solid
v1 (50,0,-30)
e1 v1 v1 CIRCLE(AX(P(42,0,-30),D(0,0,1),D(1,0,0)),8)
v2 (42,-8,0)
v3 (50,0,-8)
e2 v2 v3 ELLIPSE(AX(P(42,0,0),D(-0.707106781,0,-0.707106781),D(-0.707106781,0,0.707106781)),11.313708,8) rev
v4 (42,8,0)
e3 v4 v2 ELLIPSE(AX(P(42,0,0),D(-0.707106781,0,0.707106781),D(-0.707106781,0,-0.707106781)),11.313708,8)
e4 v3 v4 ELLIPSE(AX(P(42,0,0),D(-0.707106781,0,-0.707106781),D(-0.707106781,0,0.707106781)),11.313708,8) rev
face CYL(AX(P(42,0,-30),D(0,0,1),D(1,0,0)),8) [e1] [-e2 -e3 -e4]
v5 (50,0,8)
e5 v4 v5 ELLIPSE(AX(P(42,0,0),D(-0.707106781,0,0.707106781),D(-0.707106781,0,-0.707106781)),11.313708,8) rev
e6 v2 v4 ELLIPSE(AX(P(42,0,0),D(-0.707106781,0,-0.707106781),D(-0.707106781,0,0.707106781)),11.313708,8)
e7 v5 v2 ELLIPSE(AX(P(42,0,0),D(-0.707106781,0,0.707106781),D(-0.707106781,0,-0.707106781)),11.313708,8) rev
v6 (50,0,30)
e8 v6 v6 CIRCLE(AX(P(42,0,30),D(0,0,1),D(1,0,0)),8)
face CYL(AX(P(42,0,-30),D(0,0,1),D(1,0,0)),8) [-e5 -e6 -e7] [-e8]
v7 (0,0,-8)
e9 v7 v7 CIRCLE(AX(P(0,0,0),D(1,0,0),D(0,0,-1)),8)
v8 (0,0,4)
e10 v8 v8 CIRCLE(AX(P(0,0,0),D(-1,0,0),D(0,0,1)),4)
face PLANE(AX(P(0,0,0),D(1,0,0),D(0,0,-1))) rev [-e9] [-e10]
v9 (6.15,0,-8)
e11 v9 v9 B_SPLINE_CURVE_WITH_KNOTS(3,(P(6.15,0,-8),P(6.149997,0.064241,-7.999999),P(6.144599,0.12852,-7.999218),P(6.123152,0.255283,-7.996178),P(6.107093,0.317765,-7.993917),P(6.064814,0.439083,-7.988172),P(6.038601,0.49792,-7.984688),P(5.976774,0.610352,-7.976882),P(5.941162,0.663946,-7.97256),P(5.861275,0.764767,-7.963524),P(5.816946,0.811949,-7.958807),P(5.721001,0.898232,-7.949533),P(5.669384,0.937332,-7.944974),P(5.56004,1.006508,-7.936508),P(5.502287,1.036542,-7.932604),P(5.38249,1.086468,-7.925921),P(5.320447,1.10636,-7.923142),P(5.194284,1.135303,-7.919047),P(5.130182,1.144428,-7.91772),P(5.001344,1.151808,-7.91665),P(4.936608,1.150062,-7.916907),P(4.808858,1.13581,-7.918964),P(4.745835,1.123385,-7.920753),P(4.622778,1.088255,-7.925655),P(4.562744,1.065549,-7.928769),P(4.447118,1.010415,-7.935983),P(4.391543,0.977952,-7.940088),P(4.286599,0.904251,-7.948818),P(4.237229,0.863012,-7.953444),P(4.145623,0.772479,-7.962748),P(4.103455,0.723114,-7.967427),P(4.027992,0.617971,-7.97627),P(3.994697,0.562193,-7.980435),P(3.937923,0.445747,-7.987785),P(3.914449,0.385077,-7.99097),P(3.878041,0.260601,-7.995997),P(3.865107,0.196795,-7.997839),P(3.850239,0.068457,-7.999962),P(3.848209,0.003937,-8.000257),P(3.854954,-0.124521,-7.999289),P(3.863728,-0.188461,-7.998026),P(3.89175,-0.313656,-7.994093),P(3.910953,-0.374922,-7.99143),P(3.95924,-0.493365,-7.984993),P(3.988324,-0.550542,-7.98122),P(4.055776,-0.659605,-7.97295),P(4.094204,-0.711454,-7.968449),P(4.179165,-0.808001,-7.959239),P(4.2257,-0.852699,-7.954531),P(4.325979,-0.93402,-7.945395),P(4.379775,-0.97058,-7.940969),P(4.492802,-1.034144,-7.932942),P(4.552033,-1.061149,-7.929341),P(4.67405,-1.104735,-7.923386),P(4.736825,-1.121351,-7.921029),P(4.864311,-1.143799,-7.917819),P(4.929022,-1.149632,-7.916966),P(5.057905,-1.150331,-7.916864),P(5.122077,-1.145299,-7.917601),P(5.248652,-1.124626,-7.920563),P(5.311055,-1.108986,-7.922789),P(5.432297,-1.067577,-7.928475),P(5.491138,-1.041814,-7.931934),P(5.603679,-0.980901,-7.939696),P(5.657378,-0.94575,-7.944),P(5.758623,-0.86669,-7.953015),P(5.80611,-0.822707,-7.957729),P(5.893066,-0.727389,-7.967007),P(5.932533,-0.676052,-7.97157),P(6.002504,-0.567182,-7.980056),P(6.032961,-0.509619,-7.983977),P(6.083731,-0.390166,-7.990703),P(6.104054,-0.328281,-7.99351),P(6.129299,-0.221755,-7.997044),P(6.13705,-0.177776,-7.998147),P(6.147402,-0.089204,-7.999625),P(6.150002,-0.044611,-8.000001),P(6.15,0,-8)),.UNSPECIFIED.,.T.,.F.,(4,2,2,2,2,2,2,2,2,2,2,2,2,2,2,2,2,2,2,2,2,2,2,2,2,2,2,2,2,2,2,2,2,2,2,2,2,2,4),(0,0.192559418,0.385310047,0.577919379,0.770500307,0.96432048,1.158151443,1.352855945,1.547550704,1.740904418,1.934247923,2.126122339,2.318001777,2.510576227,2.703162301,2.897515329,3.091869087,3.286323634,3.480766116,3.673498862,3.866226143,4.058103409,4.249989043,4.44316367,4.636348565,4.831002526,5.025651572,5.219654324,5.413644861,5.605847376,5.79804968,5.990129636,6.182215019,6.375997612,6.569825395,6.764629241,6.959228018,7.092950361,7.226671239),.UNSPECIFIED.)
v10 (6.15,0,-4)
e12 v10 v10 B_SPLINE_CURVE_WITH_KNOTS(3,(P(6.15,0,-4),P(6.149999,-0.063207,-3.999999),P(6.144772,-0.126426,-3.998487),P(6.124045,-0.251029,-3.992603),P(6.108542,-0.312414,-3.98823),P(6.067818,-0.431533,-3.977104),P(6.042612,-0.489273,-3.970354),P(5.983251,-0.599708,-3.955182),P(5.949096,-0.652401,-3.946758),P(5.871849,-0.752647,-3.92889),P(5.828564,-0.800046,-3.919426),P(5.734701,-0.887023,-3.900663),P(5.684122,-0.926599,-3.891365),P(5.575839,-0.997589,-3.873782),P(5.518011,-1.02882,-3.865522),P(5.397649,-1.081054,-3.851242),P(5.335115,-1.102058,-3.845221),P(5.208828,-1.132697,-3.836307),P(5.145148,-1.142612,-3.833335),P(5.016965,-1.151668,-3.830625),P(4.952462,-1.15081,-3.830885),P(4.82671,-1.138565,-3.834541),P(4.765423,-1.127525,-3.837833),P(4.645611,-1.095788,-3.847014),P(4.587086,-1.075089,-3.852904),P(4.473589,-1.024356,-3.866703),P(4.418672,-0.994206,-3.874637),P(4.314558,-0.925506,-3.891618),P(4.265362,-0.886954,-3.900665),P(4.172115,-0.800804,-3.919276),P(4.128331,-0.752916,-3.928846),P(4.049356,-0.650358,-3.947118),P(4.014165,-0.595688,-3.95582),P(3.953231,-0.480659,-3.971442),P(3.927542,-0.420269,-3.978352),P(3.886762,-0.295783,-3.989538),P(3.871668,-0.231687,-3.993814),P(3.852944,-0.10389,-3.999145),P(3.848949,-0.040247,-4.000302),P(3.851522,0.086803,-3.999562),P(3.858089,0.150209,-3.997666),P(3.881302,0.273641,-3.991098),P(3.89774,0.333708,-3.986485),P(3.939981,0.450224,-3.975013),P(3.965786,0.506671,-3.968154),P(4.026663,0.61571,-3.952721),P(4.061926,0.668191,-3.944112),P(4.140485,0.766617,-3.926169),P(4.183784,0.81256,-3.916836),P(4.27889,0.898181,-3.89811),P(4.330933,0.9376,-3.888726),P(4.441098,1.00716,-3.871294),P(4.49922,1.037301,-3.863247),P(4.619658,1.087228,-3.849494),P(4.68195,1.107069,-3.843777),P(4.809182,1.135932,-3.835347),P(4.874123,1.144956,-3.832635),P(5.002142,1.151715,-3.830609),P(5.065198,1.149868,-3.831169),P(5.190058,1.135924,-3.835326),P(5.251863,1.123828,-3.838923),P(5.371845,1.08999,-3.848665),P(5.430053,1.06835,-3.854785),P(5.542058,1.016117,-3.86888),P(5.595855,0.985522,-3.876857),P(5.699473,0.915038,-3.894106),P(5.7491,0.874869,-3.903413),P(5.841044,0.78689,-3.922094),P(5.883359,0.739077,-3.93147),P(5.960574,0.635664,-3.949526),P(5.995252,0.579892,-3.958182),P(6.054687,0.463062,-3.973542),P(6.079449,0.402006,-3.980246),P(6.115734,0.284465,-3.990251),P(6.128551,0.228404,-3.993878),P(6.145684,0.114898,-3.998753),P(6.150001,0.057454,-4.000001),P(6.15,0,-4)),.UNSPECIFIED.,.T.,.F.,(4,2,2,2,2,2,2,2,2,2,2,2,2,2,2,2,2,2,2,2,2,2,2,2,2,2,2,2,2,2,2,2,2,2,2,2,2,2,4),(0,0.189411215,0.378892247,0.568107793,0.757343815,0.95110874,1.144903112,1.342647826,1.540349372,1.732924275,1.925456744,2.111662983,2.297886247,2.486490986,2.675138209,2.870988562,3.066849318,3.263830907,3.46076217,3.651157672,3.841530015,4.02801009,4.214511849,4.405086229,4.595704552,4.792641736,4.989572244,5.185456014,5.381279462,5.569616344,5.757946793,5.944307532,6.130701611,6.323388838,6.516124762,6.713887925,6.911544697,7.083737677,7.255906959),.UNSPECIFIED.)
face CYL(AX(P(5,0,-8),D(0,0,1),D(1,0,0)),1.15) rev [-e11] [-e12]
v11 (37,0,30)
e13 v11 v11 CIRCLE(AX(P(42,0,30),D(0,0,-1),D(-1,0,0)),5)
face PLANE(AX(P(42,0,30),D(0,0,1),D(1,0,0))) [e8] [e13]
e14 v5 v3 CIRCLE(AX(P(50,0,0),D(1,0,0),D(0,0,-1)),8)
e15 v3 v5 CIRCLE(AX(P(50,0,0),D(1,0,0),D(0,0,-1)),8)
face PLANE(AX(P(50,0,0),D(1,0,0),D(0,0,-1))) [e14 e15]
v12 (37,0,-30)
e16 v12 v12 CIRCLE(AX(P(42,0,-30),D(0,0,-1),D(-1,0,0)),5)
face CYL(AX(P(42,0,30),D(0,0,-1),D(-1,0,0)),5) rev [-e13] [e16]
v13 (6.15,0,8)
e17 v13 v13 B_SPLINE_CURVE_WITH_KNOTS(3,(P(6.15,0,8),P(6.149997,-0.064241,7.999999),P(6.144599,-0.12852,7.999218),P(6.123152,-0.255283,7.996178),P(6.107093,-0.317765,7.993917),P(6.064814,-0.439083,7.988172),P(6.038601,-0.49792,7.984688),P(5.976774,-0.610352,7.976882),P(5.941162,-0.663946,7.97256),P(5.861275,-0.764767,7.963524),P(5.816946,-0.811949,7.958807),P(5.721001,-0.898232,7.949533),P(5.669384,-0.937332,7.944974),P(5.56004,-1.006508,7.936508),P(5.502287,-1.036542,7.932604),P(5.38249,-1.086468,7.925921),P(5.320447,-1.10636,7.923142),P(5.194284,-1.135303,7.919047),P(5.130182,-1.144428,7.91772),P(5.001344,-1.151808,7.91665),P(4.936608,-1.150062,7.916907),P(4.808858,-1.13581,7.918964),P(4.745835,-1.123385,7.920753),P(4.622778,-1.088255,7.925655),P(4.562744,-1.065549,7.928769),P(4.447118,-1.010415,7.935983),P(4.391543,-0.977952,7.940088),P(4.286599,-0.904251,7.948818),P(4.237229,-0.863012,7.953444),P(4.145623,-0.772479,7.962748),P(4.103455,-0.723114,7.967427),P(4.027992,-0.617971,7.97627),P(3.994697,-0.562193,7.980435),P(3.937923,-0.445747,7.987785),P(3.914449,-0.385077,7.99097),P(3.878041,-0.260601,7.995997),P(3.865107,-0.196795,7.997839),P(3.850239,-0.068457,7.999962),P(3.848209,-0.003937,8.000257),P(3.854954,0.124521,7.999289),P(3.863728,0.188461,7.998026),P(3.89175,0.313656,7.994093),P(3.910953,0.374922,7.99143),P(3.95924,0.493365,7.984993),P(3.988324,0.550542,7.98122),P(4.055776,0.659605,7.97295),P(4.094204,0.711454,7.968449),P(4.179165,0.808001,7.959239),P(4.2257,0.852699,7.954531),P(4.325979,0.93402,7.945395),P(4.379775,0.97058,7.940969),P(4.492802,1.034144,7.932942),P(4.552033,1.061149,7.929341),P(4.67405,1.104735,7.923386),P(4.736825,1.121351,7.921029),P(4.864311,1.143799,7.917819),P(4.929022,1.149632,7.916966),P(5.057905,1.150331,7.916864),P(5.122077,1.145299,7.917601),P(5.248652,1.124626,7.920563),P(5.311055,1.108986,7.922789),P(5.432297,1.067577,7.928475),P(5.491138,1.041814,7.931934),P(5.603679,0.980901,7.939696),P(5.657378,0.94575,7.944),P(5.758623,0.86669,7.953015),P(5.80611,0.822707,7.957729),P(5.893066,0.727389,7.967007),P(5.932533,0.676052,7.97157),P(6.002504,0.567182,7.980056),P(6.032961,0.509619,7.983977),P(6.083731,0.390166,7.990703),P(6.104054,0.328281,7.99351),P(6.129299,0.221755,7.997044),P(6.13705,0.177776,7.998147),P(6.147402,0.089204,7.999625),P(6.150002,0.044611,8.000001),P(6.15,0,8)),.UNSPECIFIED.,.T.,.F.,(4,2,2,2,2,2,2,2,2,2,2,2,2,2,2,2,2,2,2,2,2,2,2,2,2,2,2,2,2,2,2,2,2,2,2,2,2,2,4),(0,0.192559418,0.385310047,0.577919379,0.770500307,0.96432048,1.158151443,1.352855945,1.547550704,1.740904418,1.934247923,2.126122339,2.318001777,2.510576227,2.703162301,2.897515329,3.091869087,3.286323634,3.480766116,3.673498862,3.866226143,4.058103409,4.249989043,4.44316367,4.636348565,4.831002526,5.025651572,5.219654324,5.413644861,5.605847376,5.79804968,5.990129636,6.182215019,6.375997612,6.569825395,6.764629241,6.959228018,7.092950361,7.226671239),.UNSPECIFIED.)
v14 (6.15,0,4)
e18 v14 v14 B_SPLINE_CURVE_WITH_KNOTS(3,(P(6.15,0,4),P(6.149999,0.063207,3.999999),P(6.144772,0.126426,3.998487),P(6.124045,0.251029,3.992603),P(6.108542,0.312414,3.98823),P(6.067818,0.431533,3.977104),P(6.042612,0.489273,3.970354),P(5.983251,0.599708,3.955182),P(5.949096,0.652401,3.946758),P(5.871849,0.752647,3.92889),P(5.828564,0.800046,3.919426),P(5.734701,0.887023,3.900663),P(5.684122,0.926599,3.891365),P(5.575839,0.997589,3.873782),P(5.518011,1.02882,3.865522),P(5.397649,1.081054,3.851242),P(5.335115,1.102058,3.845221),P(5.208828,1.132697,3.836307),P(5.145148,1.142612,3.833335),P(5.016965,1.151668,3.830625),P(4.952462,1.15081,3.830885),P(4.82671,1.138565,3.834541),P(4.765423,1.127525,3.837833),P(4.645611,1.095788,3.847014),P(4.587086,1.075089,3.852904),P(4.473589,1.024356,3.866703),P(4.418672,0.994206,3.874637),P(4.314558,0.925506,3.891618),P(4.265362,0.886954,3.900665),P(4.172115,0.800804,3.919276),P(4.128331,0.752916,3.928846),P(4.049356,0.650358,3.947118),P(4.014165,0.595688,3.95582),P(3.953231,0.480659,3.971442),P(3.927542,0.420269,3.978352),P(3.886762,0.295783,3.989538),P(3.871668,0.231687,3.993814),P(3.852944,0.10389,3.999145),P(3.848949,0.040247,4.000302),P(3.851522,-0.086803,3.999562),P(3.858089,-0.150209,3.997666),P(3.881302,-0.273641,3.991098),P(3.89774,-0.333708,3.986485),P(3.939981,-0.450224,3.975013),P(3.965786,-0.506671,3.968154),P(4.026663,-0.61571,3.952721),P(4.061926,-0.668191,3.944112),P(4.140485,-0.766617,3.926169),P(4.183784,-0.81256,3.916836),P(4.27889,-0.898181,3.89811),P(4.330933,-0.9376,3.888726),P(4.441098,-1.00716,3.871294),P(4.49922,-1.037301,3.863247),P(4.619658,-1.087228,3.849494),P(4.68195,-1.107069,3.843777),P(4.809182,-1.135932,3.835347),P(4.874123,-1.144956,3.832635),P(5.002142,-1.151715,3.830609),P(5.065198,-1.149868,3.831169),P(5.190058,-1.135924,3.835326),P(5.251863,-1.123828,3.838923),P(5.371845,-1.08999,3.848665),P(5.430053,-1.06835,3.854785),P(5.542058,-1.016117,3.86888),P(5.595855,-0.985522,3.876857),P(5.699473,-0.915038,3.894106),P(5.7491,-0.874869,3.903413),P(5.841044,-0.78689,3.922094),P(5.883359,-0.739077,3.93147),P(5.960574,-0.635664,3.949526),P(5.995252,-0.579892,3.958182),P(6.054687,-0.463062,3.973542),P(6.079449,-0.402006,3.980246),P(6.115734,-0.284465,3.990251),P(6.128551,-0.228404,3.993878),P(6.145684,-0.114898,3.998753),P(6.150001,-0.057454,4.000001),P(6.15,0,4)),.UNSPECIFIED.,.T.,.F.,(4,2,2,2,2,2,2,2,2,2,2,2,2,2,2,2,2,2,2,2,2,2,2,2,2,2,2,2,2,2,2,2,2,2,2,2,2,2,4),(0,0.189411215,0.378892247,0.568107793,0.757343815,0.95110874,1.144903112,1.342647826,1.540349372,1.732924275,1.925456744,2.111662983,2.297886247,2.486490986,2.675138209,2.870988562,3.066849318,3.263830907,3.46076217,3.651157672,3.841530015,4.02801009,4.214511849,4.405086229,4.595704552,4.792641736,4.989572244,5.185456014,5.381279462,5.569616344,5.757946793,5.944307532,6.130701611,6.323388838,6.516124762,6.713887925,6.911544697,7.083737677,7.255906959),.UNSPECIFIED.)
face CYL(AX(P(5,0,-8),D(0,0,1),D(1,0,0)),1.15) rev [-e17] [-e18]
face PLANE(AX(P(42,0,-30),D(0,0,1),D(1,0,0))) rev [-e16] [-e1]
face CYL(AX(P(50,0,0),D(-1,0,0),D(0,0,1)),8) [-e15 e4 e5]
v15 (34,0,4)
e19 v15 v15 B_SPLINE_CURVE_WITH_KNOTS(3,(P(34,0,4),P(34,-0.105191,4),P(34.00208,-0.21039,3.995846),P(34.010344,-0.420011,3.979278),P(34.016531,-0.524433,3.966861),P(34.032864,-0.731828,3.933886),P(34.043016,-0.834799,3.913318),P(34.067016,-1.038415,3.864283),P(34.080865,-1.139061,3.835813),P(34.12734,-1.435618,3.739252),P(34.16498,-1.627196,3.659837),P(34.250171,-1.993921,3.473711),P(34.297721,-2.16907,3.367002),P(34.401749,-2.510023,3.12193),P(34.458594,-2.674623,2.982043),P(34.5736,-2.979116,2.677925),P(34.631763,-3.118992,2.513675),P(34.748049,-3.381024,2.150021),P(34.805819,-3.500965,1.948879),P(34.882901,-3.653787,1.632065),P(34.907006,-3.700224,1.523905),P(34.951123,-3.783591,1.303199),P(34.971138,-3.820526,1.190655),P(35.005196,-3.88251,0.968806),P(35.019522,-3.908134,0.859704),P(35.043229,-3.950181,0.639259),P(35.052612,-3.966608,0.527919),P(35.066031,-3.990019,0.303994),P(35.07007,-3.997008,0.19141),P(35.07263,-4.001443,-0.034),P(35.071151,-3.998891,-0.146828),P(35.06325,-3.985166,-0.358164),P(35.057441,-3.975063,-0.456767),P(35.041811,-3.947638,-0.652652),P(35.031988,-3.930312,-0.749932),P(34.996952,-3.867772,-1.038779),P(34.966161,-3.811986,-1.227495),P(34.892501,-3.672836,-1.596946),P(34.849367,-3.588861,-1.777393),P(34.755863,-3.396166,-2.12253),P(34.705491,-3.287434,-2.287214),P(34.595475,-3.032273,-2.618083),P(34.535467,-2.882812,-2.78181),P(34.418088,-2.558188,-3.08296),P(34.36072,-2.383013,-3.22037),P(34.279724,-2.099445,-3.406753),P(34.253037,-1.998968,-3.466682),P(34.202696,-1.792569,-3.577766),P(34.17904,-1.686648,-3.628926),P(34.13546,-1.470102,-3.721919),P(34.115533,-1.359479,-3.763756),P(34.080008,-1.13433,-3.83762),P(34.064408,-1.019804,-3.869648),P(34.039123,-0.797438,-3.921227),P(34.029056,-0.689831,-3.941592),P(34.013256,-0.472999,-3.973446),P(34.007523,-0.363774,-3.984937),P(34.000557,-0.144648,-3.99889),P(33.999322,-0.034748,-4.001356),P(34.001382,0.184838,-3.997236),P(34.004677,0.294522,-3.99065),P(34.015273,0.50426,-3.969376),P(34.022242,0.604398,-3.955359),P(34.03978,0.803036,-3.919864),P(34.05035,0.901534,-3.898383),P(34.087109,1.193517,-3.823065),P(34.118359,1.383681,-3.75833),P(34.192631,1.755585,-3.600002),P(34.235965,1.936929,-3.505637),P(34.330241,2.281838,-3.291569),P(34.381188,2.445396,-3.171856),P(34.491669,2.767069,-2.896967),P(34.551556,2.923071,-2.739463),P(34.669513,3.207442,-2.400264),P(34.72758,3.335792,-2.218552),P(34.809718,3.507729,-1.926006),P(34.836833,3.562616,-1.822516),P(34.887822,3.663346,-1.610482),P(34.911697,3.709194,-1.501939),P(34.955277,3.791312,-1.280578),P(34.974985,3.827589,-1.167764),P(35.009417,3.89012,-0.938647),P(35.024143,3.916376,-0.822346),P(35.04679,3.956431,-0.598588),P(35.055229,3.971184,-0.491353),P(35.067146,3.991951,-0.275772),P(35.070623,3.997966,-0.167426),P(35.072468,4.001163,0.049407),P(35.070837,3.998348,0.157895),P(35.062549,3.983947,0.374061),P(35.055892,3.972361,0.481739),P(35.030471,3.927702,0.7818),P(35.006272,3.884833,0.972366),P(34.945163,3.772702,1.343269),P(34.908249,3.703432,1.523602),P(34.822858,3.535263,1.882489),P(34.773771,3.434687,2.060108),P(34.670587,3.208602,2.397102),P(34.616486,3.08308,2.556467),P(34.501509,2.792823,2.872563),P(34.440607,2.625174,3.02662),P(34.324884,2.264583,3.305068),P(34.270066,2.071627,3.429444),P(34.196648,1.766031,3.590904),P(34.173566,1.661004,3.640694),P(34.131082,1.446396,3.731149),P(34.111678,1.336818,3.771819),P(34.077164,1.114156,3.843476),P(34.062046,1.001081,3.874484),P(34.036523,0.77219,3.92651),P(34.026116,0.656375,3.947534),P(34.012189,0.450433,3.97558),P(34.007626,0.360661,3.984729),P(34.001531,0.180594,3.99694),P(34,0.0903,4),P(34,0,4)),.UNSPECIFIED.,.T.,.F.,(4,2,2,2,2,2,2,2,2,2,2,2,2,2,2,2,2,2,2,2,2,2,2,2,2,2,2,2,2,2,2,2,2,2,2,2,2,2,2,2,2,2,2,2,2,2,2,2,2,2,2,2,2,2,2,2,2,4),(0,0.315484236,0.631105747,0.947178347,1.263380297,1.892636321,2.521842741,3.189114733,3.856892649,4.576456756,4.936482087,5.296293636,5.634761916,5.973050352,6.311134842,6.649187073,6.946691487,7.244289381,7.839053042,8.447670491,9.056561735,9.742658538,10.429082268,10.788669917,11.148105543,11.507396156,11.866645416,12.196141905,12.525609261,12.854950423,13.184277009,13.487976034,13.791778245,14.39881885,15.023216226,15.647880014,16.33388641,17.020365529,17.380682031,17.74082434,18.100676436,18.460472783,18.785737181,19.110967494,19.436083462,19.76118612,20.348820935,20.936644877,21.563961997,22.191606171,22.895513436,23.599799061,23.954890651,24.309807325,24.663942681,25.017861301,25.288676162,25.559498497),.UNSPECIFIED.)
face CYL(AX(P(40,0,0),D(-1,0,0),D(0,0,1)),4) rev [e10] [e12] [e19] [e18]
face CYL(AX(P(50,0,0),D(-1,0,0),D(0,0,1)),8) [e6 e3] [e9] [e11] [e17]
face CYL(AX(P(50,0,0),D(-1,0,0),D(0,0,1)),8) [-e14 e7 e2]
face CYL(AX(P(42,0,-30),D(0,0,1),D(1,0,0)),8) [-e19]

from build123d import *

# Parameters (mm, degrees)
SKETCH_2_R               = 8
EXTRUDE_1_DEPTH          = 50
SKETCH_3_R               = 4
CUT_EXTRUDE_1_DEPTH      = 40
SKETCH_4_R               = 1.15
CUT_EXTRUDE_2_DEPTH      = 9
CUT_EXTRUDE_2_DEPTH_BACK = 9
SKETCH_5_R               = 8
EXTRUDE_2_DEPTH          = 30
EXTRUDE_2_DEPTH_BACK     = 30
SKETCH_6_R               = 5
CUT_EXTRUDE_4_DEPTH      = 61


with BuildPart() as part:
    # 草图2 → 凸台-拉伸1 (new body)
    with BuildSketch(Plane(origin=(0, 0, 0), x_dir=(0, 0, -1), z_dir=(1, 0, 0))):
        Circle(SKETCH_2_R)
    extrude(amount=EXTRUDE_1_DEPTH)

    # 草图3 → 切除-拉伸1 (cut)
    with BuildSketch(Plane.ZY):
        Circle(SKETCH_3_R)
    extrude(amount=-CUT_EXTRUDE_1_DEPTH, mode=Mode.SUBTRACT)

    # 草图4 → 切除-拉伸2 (cut, two sides)
    with BuildSketch(Plane.XY) as cut_extrude_2_sk:
        with Locations((5, 0)):
            Circle(SKETCH_4_R)
    extrude(amount=CUT_EXTRUDE_2_DEPTH, mode=Mode.SUBTRACT)
    extrude(cut_extrude_2_sk.sketch, amount=-CUT_EXTRUDE_2_DEPTH_BACK, mode=Mode.SUBTRACT)

    # 草图5 → 凸台-拉伸2 (add, two sides)
    with BuildSketch(Plane.XY) as extrude_2_sk:
        with Locations((42, 0)):
            Circle(SKETCH_5_R)
    extrude(amount=EXTRUDE_2_DEPTH)
    extrude(extrude_2_sk.sketch, amount=-EXTRUDE_2_DEPTH_BACK)

    # 草图6 → 切除-拉伸4 (cut, through all)
    with BuildSketch(Plane(origin=(0, 0, -30), x_dir=(-1, 0, 0), z_dir=(0, 0, -1))):
        with Locations((-42, 0)):
            Circle(SKETCH_6_R)
    extrude(amount=-CUT_EXTRUDE_4_DEPTH, mode=Mode.SUBTRACT)


solid = part.part
